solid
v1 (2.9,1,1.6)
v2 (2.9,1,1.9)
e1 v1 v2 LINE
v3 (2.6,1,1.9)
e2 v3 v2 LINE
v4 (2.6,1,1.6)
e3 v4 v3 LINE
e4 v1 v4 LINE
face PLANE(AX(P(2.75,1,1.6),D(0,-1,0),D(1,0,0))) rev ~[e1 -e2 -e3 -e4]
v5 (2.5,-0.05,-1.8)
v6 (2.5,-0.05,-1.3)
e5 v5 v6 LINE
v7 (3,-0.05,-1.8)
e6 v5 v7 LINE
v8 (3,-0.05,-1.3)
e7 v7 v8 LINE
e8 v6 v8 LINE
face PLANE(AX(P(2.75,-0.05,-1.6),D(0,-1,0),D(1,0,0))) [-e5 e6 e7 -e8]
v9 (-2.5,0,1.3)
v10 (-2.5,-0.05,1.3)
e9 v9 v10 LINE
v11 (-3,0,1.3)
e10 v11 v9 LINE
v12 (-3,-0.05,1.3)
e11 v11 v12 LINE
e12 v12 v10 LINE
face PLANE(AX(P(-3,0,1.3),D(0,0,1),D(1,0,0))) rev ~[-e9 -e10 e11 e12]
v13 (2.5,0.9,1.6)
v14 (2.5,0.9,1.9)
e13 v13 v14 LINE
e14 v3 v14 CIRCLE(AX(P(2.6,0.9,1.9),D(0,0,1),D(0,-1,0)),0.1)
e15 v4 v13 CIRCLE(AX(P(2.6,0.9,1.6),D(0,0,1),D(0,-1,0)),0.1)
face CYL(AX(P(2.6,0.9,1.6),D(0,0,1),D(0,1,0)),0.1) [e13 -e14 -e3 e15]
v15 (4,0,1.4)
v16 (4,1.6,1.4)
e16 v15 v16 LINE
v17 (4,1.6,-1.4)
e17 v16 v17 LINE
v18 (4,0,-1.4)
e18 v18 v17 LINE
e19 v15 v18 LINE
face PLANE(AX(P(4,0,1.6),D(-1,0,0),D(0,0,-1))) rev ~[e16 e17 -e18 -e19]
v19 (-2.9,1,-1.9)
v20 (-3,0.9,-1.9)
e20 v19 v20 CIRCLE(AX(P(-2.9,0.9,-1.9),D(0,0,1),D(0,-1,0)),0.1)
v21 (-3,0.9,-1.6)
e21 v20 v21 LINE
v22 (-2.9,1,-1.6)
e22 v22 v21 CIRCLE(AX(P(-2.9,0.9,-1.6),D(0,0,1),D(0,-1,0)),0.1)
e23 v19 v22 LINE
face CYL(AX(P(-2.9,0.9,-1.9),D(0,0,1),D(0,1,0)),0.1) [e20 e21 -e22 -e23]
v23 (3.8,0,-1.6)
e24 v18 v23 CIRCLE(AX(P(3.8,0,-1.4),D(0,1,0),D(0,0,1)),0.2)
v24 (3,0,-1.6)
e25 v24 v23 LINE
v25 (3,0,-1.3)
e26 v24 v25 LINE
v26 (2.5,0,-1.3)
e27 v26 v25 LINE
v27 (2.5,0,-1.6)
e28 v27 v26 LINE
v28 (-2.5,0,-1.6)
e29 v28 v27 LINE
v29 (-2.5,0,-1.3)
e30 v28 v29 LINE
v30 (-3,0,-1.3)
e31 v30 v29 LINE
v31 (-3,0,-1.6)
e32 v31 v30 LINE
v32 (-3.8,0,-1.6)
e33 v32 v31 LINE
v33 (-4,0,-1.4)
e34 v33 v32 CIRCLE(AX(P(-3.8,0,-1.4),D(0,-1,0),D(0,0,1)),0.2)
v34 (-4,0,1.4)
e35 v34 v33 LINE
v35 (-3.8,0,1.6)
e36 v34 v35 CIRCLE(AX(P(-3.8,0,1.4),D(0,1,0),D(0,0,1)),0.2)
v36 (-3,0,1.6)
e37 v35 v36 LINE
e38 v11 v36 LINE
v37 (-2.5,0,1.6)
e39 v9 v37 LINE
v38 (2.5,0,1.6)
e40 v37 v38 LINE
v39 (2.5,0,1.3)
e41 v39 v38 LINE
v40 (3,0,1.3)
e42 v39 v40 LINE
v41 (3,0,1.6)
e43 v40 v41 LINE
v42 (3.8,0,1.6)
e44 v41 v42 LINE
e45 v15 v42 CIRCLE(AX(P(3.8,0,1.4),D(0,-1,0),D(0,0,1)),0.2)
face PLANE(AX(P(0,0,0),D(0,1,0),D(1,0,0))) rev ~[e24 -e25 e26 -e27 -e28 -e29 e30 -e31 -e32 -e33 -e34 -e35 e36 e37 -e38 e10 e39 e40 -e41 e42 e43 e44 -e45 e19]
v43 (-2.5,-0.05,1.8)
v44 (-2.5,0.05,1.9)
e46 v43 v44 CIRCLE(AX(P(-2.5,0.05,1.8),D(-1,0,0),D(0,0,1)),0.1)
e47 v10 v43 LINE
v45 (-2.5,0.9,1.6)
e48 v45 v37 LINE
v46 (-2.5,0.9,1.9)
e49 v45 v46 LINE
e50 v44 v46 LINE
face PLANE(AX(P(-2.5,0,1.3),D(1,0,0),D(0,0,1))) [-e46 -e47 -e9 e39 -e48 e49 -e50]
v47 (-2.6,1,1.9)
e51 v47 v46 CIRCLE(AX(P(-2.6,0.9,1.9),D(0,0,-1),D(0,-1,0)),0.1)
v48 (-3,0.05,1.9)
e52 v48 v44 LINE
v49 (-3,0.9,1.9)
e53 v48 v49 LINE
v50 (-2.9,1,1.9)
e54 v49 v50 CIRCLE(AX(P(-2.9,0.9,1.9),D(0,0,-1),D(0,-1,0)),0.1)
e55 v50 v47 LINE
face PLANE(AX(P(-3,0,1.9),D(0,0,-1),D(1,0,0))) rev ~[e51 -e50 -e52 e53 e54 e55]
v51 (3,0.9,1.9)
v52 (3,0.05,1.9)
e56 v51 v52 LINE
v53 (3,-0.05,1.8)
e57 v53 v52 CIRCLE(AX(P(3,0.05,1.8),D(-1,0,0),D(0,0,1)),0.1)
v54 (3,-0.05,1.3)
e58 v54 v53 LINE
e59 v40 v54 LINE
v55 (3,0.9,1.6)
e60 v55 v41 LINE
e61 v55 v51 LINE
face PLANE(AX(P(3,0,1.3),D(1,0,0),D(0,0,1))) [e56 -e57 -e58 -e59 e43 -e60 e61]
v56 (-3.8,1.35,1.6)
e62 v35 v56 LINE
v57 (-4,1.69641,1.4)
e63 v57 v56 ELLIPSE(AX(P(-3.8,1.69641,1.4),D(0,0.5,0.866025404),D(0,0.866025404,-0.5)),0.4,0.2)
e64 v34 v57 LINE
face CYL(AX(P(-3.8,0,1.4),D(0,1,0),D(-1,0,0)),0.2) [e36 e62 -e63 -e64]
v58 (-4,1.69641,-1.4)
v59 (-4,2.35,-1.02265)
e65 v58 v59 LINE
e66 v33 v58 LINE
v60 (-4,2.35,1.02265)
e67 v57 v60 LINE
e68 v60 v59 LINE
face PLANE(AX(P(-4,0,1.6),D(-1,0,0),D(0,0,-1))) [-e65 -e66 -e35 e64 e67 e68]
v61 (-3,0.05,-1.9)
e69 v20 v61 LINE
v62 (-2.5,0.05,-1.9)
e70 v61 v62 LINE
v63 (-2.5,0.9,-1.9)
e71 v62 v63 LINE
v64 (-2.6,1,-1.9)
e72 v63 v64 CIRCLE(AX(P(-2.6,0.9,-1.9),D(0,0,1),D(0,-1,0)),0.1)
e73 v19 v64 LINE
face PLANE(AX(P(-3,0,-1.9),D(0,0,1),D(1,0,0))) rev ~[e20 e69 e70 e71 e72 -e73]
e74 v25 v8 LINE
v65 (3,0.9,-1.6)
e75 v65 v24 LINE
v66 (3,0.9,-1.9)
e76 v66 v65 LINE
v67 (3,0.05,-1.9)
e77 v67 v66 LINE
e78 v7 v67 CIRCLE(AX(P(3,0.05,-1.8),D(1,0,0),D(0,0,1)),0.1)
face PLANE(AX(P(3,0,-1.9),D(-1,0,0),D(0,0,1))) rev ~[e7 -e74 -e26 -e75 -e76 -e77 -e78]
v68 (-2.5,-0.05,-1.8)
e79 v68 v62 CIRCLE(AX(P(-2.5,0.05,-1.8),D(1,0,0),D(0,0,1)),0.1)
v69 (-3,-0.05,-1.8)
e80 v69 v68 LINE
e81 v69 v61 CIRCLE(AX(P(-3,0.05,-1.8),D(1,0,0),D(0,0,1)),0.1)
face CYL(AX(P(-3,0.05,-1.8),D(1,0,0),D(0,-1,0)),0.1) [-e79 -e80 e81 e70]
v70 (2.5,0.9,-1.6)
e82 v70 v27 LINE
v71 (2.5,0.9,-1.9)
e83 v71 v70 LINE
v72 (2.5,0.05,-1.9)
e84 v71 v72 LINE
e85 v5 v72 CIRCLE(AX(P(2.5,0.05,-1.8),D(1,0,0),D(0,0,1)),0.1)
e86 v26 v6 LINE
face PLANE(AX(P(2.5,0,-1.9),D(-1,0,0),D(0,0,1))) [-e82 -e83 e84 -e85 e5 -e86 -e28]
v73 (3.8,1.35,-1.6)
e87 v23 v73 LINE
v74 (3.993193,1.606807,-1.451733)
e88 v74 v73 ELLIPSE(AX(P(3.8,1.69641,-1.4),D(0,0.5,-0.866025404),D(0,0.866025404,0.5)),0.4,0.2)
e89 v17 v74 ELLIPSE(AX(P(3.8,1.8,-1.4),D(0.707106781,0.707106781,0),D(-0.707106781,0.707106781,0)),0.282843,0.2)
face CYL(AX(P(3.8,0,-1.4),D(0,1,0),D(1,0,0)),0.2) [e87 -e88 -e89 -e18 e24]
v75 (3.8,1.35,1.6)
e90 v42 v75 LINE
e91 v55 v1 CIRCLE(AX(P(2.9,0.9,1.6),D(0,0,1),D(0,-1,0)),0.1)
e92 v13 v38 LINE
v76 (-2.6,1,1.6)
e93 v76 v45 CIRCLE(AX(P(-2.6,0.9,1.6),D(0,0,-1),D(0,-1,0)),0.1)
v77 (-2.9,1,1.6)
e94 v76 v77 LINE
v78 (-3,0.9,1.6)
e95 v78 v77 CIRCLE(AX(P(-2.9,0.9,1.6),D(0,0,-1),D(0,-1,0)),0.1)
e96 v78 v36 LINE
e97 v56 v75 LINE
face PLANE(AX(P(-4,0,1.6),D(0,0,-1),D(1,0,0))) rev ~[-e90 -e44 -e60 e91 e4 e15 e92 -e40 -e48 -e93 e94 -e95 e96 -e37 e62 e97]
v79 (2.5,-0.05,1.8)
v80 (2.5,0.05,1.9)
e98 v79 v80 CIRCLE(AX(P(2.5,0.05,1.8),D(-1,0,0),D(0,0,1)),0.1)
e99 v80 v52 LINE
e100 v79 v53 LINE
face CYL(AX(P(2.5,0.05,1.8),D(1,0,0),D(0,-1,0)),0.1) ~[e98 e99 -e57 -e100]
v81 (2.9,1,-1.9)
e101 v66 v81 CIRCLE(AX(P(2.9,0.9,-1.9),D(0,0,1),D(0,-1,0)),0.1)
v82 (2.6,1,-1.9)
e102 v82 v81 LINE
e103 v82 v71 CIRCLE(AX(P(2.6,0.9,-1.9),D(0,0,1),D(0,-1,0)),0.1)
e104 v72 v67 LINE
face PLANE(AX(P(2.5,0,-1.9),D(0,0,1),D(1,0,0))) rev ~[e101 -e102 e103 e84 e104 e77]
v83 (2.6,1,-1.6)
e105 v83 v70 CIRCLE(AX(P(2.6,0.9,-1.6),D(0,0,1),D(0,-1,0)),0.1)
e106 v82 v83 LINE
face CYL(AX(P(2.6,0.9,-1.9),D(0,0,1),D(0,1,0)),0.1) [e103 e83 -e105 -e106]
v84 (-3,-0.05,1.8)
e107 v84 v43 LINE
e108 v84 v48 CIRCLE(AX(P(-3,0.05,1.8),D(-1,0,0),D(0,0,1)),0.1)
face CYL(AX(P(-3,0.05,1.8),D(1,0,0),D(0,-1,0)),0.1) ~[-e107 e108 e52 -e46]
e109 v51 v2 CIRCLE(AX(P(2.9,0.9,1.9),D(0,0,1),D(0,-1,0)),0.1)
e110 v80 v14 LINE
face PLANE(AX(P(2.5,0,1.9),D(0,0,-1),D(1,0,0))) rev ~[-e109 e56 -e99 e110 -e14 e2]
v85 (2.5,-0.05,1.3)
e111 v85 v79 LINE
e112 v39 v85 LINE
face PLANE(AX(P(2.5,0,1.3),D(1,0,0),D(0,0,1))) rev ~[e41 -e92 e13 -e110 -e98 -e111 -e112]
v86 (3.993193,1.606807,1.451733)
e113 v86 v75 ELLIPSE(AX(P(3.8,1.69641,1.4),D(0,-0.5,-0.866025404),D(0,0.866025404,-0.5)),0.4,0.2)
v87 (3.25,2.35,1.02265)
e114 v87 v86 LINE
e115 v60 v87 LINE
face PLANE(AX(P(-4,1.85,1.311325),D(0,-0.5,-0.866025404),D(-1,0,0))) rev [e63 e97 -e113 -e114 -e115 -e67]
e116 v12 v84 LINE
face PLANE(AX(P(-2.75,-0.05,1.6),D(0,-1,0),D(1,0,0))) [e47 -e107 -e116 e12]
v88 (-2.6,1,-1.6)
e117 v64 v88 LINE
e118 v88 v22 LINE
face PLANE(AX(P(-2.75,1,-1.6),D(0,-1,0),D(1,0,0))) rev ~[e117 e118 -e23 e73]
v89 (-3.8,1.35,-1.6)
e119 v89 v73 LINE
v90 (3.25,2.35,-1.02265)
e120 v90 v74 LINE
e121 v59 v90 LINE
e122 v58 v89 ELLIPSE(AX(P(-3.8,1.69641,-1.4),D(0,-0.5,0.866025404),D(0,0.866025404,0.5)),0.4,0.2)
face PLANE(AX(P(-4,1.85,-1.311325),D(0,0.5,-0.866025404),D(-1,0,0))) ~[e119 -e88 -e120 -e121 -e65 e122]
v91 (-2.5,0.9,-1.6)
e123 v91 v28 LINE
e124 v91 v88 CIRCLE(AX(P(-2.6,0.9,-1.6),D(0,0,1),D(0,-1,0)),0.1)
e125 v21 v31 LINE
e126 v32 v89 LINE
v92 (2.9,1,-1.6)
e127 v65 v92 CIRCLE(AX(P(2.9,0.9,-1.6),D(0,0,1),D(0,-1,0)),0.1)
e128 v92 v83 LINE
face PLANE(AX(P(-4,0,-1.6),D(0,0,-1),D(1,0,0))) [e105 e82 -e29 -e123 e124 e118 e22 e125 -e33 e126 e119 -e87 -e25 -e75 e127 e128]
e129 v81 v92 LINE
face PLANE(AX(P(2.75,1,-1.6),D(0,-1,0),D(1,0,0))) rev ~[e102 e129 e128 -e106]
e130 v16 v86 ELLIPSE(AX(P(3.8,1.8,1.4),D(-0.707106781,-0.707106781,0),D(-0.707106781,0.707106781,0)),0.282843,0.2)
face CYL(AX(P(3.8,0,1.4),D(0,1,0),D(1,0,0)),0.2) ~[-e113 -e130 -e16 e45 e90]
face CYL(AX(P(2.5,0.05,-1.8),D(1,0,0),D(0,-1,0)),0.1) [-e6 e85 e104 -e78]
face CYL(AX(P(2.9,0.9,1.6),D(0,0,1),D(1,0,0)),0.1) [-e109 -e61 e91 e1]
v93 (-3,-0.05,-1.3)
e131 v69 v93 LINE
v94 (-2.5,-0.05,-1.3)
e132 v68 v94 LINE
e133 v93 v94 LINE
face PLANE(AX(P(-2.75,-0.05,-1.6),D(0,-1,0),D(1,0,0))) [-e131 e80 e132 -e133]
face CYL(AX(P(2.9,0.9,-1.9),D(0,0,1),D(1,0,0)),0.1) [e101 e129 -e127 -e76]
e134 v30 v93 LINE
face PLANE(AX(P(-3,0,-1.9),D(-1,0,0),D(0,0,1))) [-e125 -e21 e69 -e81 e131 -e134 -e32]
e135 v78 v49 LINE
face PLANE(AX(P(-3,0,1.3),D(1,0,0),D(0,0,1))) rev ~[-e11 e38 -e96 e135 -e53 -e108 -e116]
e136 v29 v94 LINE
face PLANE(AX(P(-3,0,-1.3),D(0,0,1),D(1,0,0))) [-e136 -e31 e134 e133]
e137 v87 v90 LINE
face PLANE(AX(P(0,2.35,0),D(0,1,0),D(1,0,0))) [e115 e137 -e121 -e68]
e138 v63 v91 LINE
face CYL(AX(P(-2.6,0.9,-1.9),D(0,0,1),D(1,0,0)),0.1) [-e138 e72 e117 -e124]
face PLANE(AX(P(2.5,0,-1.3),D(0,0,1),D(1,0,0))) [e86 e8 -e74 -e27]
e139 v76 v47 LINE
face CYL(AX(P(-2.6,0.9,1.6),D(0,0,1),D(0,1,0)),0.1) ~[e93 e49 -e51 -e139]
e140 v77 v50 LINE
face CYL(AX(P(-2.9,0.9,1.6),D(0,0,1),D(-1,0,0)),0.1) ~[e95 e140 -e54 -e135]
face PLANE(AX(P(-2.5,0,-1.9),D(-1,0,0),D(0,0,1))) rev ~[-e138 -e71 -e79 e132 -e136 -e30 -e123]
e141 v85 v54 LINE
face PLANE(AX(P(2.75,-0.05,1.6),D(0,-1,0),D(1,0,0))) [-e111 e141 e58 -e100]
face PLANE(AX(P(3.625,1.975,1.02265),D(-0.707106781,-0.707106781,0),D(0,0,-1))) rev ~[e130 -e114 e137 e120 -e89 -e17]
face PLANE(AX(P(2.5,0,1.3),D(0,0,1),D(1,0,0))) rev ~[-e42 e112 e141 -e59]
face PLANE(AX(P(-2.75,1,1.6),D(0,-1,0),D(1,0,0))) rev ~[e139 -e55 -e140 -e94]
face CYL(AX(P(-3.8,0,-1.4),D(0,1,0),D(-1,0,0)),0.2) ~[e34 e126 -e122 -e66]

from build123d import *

# Parameters (mm, degrees)
SKETCH_1_W             = 8
SKETCH_1_H             = 3.2
EXTRUDE_1_DEPTH        = 2.35
SKETCH_2_W             = 0.5
SKETCH_2_H             = 0.6
EXTRUDE_2_DEPTH        = 0.05
EXTRUDE_2_DEPTH_BACK   = 1
FILLET_1_R             = 0.1
CHAMFER_1_SIZE         = 1
CHAMFER_1_SIZE2        = 0.577350269
CHAMFER_1_PART_2_SIZE  = 1
CHAMFER_1_PART_2_SIZE2 = 0.577350269
CHAMFER_2_SIZE         = 0.75
FILLET_2_R             = 0.2


with BuildPart() as part:
    # Эскиз1 → Бобышка-Вытянуть1 (new body)
    with BuildSketch(Plane(origin=(0, 0, 0), x_dir=(1, 0, 0), z_dir=(0, 1, 0))):
        Rectangle(SKETCH_1_W, SKETCH_1_H)
    extrude(amount=EXTRUDE_1_DEPTH)

    # Эскиз2 → Бобышка-Вытянуть2 (add, two sides)
    with BuildSketch(Plane.XZ) as extrude_2_sk:
        with Locations((-2.75, 1.6)):
            Rectangle(SKETCH_2_W, SKETCH_2_H)
        with Locations((2.75, 1.6)):
            Rectangle(SKETCH_2_W, SKETCH_2_H)
        with Locations((2.75, -1.6)):
            Rectangle(SKETCH_2_W, SKETCH_2_H)
        with Locations((-2.75, -1.6)):
            Rectangle(SKETCH_2_W, SKETCH_2_H)
    extrude(amount=EXTRUDE_2_DEPTH)
    extrude(extrude_2_sk.sketch, amount=-EXTRUDE_2_DEPTH_BACK)

    # Скругление1
    fillet_1_edges = [part.edges().sort_by_distance(p)[0] for p in [
        (-2.5, 1, 1.75),
        (-3, 1, 1.75),
        (-2.75, -0.05, 1.9),
        (3, 1, 1.75),
        (2.5, 1, 1.75),
        (2.75, -0.05, 1.9),
        (3, 1, -1.75),
        (2.5, 1, -1.75),
        (2.75, -0.05, -1.9),
        (-3, 1, -1.75),
        (-2.5, 1, -1.75),
        (-2.75, -0.05, -1.9),
    ]]
    fillet(fillet_1_edges, radius=FILLET_1_R)

    # Фаска1
    chamfer_1_edges = [part.edges().sort_by_distance(p)[0] for p in [
        (0, 2.35, 1.6),
    ]]
    chamfer_1_side = [part.faces().sort_by_distance(p)[0] for p in [
        (0, 1.212807949, 1.6),
    ]]
    chamfer(chamfer_1_edges, length=CHAMFER_1_SIZE, length2=CHAMFER_1_SIZE2, reference=chamfer_1_side[0])

    # Фаска1 part 2
    chamfer_1_part_2_edges = [part.edges().sort_by_distance(p)[0] for p in [
        (0, 2.35, -1.6),
    ]]
    chamfer_1_part_2_side = [part.faces().sort_by_distance(p)[0] for p in [
        (0, 1.212807949, -1.6),
    ]]
    chamfer(chamfer_1_part_2_edges, length=CHAMFER_1_PART_2_SIZE, length2=CHAMFER_1_PART_2_SIZE2, reference=chamfer_1_part_2_side[0])

    # Фаска2
    chamfer_2_edges = [part.edges().sort_by_distance(p)[0] for p in [
        (4, 2.35, 0),
    ]]
    chamfer(chamfer_2_edges, length=CHAMFER_2_SIZE)

    # Скругление2
    fillet_2_edges = [part.edges().sort_by_distance(p)[0] for p in [
        (-4, 0.675, 1.6),
        (-4, 0.675, -1.6),
        (4, 0.675, 1.6),
        (4, 0.675, -1.6),
    ]]
    fillet(fillet_2_edges, radius=FILLET_2_R)


solid = part.part
